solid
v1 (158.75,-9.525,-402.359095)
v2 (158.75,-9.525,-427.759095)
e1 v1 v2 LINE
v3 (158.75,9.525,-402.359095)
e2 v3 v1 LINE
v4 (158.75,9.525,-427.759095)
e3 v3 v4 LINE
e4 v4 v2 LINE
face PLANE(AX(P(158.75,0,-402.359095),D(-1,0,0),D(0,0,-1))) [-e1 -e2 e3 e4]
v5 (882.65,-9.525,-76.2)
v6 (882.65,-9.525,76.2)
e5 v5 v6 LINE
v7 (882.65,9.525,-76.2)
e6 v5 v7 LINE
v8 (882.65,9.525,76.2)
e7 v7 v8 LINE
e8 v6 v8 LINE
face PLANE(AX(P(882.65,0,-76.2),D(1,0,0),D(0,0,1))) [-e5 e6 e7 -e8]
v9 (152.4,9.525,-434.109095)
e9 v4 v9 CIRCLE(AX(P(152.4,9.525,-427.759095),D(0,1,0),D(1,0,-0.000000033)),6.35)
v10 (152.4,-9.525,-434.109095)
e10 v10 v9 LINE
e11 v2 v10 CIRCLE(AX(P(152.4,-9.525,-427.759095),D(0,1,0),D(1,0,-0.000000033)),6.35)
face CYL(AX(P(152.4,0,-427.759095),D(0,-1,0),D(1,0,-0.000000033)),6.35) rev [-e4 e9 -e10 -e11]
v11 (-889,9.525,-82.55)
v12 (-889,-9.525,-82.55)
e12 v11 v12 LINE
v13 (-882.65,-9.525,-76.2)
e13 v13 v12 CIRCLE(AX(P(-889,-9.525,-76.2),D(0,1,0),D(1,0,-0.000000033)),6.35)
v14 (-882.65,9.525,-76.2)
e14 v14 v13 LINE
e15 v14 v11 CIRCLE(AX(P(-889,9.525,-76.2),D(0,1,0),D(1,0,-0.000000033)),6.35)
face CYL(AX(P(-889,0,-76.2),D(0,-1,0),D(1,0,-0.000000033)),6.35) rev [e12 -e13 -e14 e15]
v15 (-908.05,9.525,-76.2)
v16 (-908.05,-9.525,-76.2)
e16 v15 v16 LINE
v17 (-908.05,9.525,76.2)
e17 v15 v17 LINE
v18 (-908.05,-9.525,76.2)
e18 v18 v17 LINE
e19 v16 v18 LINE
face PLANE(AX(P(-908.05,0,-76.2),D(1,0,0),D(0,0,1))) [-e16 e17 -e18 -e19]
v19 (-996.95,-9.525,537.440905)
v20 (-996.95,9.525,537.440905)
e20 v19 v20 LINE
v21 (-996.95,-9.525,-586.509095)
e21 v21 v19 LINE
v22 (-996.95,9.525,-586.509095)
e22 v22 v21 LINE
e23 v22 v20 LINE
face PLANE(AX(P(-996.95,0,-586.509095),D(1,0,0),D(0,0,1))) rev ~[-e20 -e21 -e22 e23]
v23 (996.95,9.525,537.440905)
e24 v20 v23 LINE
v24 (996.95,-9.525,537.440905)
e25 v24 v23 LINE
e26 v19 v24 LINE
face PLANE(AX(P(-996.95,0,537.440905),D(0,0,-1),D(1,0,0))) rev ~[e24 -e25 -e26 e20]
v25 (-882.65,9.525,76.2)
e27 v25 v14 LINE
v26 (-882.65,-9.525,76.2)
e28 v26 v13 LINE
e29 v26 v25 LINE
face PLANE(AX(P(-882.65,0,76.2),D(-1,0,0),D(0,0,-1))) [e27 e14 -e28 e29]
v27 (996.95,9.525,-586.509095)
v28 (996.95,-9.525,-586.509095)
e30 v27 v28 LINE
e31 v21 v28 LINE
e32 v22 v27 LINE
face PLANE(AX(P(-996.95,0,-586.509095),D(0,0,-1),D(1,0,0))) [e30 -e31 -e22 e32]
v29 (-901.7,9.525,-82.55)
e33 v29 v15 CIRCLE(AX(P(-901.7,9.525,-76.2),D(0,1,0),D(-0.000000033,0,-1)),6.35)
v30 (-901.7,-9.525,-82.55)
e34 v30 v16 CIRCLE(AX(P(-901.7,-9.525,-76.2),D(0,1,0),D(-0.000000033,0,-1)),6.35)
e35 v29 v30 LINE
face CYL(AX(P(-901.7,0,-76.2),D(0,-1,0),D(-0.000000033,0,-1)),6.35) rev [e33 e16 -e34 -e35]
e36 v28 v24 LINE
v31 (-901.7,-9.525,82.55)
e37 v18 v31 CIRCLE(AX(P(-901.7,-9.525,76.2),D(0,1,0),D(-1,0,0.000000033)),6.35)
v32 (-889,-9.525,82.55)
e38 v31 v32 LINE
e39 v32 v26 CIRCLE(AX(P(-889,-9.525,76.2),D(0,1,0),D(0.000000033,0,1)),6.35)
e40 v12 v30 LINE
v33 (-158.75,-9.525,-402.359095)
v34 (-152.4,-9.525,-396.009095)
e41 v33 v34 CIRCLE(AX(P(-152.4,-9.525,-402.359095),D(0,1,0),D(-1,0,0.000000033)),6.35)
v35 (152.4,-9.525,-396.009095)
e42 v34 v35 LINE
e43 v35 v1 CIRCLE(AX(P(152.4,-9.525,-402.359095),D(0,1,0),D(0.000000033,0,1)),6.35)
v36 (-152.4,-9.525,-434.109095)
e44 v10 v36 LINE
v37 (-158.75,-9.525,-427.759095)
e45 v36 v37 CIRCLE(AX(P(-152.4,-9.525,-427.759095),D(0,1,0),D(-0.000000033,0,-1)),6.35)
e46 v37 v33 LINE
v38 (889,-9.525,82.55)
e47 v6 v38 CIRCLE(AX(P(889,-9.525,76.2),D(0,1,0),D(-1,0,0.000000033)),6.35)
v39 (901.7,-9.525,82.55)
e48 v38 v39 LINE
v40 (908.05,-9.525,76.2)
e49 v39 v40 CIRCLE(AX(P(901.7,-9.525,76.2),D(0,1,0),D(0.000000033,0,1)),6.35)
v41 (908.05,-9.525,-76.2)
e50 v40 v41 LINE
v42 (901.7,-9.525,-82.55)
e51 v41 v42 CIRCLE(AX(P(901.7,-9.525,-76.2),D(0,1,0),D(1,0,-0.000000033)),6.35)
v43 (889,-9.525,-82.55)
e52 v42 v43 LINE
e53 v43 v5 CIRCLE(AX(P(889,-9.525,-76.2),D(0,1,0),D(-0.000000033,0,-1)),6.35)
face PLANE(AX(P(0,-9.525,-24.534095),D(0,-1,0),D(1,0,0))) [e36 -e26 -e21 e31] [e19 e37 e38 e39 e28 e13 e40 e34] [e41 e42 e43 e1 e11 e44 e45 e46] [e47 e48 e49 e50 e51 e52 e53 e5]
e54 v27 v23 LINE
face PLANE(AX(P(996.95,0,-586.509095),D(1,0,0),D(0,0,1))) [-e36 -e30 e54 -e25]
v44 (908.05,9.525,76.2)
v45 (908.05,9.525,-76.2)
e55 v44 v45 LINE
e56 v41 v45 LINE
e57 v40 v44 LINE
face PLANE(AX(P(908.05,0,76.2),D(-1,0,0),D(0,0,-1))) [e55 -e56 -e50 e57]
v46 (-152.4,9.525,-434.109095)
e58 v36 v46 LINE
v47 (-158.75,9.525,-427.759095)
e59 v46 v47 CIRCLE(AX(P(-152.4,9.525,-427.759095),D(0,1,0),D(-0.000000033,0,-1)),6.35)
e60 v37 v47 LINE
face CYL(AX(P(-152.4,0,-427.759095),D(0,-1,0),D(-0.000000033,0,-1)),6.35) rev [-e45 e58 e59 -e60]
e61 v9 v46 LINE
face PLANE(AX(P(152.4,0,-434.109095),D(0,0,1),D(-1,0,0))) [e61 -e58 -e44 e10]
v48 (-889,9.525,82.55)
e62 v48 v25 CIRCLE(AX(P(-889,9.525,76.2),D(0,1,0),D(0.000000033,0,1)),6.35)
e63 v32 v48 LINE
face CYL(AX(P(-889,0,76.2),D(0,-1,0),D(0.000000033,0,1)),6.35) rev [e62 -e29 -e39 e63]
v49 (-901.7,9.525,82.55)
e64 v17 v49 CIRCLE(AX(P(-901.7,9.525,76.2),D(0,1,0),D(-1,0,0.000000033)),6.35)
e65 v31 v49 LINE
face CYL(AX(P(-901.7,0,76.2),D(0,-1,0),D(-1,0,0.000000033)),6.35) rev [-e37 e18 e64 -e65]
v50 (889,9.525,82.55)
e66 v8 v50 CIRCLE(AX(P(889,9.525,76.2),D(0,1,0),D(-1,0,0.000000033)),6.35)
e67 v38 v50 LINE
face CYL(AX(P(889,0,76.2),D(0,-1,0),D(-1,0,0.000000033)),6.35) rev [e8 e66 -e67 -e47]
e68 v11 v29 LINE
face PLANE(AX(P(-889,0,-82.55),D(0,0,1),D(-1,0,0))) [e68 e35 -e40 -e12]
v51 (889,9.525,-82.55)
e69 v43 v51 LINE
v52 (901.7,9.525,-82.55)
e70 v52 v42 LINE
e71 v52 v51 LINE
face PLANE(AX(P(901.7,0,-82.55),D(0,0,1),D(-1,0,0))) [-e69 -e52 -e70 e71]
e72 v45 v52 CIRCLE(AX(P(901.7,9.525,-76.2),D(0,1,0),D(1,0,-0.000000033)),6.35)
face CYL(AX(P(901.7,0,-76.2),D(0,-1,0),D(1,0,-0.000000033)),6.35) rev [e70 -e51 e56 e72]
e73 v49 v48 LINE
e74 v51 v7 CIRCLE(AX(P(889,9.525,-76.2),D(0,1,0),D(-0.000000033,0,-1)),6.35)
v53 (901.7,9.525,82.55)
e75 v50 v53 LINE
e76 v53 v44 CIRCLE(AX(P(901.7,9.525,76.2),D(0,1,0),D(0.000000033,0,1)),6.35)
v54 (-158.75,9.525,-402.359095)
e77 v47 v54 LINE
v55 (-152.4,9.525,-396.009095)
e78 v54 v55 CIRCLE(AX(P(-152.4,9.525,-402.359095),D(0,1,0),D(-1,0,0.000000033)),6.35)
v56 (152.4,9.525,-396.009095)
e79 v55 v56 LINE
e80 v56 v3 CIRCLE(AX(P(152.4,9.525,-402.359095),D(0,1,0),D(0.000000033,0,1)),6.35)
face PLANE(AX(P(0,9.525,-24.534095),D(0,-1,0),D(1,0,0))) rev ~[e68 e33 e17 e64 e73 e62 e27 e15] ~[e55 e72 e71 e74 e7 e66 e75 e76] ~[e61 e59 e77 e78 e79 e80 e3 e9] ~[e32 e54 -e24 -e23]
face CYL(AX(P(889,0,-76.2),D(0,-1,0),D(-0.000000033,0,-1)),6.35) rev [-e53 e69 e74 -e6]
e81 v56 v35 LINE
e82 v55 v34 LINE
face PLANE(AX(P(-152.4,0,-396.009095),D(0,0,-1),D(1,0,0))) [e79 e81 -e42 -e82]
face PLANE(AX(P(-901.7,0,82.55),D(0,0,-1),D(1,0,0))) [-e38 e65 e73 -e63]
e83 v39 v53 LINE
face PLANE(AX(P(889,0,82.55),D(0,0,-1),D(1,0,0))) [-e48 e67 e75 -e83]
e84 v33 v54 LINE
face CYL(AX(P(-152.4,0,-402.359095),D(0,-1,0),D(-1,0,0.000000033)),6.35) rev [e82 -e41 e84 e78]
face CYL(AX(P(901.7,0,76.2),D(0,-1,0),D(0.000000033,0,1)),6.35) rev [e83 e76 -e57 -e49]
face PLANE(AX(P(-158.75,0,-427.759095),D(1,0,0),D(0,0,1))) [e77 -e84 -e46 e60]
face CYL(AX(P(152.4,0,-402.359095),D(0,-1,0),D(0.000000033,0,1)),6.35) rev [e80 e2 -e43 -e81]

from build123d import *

# Parameters (mm, degrees)
F0_W     = 1993.9
F0_H     = 1123.95
F1_DEPTH = 9.525


with BuildPart() as f1:
    # F0 (on Front) → F1 (new body, symmetric)
    with BuildSketch(Plane.XZ):
        with Locations((0, -24.534095)):
            Rectangle(F0_W, F0_H)
        with BuildLine():
            Line((-152.4, -396.009095), (152.4, -396.009095))
            ThreePointArc((152.4, -396.009095), (156.890128, -397.868967), (158.75, -402.359095))
            Line((158.75, -402.359095), (158.75, -427.759095))
            ThreePointArc((158.75, -427.759095), (156.890128, -432.249223), (152.4, -434.109095))
            Line((152.4, -434.109095), (-152.4, -434.109095))
            ThreePointArc((-152.4, -434.109095), (-156.890128, -432.249223), (-158.75, -427.759095))
            Line((-158.75, -427.759095), (-158.75, -402.359095))
            ThreePointArc((-158.75, -402.359095), (-156.890128, -397.868967), (-152.4, -396.009095))
        make_face(mode=Mode.SUBTRACT)
        with BuildLine():
            ThreePointArc((-882.65, -76.2), (-884.509872, -80.690128), (-889, -82.55))
            Line((-889, -82.55), (-901.7, -82.55))
            ThreePointArc((-901.7, -82.55), (-906.190128, -80.690128), (-908.05, -76.2))
            Line((-908.05, -76.2), (-908.05, 76.2))
            ThreePointArc((-908.05, 76.2), (-906.190128, 80.690128), (-901.7, 82.55))
            Line((-901.7, 82.55), (-889, 82.55))
            ThreePointArc((-889, 82.55), (-884.509872, 80.690128), (-882.65, 76.2))
            Line((-882.65, 76.2), (-882.65, -76.2))
        make_face(mode=Mode.SUBTRACT)
        with BuildLine():
            Line((901.7, -82.55), (889, -82.55))
            ThreePointArc((889, -82.55), (884.509872, -80.690128), (882.65, -76.2))
            Line((882.65, -76.2), (882.65, 76.2))
            ThreePointArc((882.65, 76.2), (884.509872, 80.690128), (889, 82.55))
            Line((889, 82.55), (901.7, 82.55))
            ThreePointArc((901.7, 82.55), (906.190128, 80.690128), (908.05, 76.2))
            Line((908.05, 76.2), (908.05, -76.2))
            ThreePointArc((908.05, -76.2), (906.190128, -80.690128), (901.7, -82.55))
        make_face(mode=Mode.SUBTRACT)
    extrude(amount=F1_DEPTH, both=True)


solid = f1.part
